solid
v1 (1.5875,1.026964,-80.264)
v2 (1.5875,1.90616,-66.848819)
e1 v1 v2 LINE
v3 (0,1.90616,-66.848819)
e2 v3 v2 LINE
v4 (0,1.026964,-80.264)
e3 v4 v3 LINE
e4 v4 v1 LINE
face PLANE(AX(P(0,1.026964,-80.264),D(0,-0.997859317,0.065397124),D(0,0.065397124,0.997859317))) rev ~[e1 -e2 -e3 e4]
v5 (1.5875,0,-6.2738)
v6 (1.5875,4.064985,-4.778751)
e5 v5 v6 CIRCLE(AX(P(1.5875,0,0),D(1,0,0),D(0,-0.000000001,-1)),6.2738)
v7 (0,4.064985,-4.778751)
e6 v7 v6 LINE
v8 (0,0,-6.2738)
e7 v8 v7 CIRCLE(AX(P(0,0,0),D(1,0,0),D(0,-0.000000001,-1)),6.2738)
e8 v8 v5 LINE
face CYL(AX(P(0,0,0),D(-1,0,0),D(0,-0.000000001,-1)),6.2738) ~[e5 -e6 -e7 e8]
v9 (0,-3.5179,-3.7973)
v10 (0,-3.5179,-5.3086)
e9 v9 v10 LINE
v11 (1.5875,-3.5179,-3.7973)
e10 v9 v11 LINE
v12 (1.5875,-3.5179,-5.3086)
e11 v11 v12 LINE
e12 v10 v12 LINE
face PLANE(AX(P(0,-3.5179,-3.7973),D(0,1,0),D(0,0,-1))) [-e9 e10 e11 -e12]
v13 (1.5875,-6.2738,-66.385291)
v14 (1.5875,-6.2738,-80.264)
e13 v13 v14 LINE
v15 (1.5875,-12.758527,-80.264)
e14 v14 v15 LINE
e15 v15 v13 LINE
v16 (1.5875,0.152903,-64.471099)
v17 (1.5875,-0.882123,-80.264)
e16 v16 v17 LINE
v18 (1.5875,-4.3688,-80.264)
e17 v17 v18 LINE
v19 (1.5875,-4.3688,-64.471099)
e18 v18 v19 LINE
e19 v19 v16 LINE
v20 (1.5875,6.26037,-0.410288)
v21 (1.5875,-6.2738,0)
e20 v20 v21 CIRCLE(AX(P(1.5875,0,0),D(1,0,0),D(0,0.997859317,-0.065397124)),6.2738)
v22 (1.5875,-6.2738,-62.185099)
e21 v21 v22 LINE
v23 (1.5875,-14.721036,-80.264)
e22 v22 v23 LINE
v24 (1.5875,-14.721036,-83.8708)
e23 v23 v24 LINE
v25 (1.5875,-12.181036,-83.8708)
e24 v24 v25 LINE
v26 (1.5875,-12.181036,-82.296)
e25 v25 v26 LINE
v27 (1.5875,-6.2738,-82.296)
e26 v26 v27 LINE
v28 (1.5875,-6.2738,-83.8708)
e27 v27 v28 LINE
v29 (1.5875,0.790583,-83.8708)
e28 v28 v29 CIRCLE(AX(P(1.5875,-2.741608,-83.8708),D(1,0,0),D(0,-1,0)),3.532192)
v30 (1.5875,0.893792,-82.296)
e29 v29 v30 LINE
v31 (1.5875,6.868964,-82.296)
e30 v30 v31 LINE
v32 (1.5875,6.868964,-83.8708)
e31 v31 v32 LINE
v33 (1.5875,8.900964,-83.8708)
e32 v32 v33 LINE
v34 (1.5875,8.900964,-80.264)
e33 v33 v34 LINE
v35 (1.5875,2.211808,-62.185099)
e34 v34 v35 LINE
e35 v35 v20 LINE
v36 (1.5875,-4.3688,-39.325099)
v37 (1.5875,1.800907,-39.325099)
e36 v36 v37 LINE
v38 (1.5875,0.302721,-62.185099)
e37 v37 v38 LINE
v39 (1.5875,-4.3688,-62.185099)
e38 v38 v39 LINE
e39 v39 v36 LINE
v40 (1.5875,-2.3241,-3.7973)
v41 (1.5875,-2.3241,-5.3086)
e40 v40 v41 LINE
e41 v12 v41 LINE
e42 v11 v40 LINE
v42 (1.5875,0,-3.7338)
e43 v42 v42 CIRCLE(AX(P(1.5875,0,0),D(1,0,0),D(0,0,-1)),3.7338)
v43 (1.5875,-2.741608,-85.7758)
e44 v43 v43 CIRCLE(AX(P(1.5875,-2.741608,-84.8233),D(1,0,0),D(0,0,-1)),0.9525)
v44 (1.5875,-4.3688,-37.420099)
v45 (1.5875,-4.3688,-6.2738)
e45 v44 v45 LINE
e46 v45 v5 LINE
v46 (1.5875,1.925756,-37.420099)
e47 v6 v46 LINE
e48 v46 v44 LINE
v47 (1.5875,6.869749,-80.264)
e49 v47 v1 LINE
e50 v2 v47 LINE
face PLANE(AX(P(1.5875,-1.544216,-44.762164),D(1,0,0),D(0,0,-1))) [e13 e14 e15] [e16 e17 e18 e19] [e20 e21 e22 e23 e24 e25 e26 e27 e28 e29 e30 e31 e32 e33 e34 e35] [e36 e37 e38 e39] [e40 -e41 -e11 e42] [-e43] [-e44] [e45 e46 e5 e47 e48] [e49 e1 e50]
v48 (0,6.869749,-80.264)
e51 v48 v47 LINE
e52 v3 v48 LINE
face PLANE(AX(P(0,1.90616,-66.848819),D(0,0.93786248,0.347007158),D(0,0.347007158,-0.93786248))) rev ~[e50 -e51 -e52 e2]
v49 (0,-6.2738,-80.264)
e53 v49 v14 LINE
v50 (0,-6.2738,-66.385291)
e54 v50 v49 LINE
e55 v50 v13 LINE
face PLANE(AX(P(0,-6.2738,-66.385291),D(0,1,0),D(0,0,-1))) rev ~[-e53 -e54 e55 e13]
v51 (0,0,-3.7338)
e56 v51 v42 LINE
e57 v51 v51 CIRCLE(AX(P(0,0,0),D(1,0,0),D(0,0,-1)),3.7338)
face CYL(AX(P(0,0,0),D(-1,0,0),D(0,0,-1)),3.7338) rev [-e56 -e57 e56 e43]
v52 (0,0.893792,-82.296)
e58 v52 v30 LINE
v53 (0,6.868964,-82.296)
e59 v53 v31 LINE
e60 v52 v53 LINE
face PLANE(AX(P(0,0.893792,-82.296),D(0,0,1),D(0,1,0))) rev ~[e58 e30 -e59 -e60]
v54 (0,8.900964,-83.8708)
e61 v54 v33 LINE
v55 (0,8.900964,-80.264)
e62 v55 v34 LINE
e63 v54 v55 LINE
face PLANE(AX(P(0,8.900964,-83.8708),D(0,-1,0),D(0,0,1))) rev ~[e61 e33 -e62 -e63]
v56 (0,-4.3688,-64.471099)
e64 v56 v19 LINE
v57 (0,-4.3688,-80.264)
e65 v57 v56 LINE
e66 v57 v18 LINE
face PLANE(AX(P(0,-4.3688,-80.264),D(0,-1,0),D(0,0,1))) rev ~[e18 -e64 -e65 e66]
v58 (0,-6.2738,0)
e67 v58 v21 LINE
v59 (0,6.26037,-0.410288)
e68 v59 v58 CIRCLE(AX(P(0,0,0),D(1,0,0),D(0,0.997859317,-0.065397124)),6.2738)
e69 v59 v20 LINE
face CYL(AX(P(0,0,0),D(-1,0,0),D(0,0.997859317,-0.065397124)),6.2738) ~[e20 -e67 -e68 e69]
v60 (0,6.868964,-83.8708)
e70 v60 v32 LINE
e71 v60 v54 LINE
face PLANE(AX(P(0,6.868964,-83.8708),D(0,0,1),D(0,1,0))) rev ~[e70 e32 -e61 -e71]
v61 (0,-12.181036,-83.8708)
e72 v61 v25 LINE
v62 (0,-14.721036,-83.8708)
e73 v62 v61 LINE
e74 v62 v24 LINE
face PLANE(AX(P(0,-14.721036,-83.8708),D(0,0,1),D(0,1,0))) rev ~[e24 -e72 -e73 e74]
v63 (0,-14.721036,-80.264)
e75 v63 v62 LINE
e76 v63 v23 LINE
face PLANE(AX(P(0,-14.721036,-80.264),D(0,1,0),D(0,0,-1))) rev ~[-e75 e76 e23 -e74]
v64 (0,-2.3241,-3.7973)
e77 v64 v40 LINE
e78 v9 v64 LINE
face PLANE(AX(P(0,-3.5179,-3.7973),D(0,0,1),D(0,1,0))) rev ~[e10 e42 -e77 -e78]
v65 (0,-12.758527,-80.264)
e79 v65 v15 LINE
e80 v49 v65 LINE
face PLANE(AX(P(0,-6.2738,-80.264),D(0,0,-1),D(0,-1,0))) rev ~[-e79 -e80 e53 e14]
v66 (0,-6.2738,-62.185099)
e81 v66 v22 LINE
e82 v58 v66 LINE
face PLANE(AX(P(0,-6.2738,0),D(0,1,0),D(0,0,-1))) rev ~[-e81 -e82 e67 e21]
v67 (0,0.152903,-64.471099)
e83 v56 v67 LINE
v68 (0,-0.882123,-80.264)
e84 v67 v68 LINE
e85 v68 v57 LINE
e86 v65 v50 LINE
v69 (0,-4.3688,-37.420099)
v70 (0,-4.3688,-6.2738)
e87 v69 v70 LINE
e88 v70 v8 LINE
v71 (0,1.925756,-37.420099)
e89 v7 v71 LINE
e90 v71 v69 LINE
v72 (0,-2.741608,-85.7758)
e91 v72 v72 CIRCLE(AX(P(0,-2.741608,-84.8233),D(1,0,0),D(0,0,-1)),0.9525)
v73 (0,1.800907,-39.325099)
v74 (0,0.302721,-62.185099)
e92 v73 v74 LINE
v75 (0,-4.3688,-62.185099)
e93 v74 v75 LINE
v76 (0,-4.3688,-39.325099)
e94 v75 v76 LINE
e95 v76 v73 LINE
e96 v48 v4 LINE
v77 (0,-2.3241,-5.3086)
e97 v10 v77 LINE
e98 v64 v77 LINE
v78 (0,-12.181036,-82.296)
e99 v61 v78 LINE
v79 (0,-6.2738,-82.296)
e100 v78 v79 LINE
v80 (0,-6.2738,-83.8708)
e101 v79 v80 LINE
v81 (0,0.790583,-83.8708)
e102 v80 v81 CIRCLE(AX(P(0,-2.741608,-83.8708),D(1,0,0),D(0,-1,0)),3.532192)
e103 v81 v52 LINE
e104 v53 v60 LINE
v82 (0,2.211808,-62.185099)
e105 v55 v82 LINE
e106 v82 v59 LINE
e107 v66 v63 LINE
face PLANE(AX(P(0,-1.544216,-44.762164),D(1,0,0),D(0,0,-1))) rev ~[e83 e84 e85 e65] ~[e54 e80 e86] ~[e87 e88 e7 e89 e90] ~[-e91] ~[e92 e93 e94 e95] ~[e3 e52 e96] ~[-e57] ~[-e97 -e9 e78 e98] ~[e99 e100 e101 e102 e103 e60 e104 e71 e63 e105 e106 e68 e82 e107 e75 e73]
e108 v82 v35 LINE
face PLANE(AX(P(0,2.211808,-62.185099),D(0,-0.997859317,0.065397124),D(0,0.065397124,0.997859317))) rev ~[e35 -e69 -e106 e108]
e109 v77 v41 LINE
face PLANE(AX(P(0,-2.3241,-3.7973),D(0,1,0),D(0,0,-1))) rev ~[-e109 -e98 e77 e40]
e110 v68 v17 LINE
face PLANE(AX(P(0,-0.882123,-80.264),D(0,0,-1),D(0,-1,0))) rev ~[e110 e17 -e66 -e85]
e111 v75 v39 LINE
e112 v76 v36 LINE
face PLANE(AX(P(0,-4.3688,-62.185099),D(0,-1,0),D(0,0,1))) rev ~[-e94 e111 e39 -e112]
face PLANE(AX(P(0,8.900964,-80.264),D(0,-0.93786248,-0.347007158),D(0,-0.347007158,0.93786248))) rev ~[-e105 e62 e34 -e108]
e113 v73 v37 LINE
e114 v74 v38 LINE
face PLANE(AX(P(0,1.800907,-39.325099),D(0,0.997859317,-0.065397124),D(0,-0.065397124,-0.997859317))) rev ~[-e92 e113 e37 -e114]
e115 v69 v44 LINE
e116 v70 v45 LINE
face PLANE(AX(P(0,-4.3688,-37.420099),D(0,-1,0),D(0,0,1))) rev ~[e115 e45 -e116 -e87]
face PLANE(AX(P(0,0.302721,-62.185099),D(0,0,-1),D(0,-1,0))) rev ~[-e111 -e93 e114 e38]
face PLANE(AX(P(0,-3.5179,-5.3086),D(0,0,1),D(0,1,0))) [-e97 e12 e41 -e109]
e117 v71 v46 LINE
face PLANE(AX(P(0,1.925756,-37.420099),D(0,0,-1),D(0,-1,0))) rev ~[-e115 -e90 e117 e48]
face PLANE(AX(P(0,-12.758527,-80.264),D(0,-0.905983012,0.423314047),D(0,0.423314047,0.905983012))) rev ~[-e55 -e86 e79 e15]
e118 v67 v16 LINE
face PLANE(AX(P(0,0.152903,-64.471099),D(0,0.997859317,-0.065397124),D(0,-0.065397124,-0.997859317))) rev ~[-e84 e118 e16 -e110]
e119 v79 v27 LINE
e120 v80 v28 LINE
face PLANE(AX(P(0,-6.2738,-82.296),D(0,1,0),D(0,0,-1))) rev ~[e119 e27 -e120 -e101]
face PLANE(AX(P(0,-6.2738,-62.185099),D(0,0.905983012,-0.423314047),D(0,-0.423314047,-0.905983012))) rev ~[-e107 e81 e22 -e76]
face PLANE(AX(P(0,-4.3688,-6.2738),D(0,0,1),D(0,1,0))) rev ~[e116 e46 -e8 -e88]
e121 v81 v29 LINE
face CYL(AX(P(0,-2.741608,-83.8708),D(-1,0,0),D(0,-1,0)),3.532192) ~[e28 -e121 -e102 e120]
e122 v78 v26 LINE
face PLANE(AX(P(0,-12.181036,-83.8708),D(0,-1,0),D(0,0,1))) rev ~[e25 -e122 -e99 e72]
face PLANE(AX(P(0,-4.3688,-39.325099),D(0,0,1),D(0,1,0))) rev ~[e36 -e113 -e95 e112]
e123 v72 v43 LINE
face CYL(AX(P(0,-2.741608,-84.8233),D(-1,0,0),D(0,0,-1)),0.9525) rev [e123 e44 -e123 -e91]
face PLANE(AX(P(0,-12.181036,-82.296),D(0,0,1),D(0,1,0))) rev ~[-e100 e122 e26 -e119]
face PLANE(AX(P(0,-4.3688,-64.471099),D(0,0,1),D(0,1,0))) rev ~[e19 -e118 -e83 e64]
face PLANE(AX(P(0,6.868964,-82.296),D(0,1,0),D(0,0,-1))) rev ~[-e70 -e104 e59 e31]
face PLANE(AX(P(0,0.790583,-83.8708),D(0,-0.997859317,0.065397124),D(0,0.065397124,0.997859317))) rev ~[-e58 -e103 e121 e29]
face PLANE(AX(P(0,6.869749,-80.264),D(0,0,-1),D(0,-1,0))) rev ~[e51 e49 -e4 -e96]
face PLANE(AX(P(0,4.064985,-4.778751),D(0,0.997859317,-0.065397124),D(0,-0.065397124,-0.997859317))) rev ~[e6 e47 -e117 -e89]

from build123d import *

# Parameters (mm, degrees)
SKETCH1_W           = 1.5113
SKETCH1_H           = 1.1938
SKETCH1_R           = 3.7338
SKETCH1_R_2         = 0.9525
BOSS_EXTRUDE1_DEPTH = 1.5875


with BuildPart() as part:
    # Sketch1 → Boss-Extrude1 (new body)
    with BuildSketch(Plane(origin=(0, 0, 0), x_dir=(0, 0, -1), z_dir=(1, 0, 0))):
        with BuildLine():
            Line((82.296, -12.181036366), (82.296, -6.2738))
            Line((82.296, -6.2738), (83.8708, -6.2738))
            ThreePointArc((83.8708, -6.2738), (87.402991636, -2.741608364), (83.8708, 0.790583272))
            Line((83.8708, 0.790583272), (82.296, 0.893791599))
            Line((82.296, 0.893791599), (82.296, 6.868963634))
            Line((82.296, 6.868963634), (83.8708, 6.868963634))
            Line((83.8708, 6.868963634), (83.8708, 8.900963634))
            Line((83.8708, 8.900963634), (80.264, 8.900963634))
            Line((80.264, 8.900963634), (62.185099246, 2.211808127))
            Line((62.185099246, 2.211808127), (0.410288477, 6.260369782))
            ThreePointArc((0.410288477, 6.260369782), (-6.270441547, 0.205254114), (0, -6.2738))
            Line((0, -6.2738), (62.185099246, -6.2738))
            Line((62.185099246, -6.2738), (80.264, -14.721036366))
            Line((80.264, -14.721036366), (83.8708, -14.721036366))
            Line((83.8708, -14.721036366), (83.8708, -12.181036366))
            Line((83.8708, -12.181036366), (82.296, -12.181036366))
        make_face()
        Polygon((39.325099246, 1.800906775), (62.185099246, 0.302721378), (62.185099246, -4.3688), (39.325099246, -4.3688), align=None, mode=Mode.SUBTRACT)
        Polygon((64.471099246, 0.152902838), (80.264, -0.882123115), (80.264, -4.3688), (64.471099246, -4.3688), align=None, mode=Mode.SUBTRACT)
        Polygon((66.3852906, -6.2738), (80.264, -6.2738), (80.264, -12.758527161), align=None, mode=Mode.SUBTRACT)
        with Locations((4.55295, -2.921)):
            Rectangle(SKETCH1_W, SKETCH1_H, mode=Mode.SUBTRACT)
        Circle(SKETCH1_R, mode=Mode.SUBTRACT)
        with BuildLine():
            Line((4.778751005, 4.064985273), (37.420099246, 1.925755558))
            Line((37.420099246, 1.925755558), (37.420099246, -4.3688))
            Line((37.420099246, -4.3688), (6.2738, -4.3688))
            Line((6.2738, -4.3688), (6.2738, 0))
            ThreePointArc((6.2738, 0), (5.888187094, 2.165599038), (4.778751005, 4.064985273))
        make_face(mode=Mode.SUBTRACT)
        Polygon((80.264, 1.026963634), (66.848818814, 1.906159984), (80.264, 6.869748995), align=None, mode=Mode.SUBTRACT)
        with Locations((84.8233, -2.741608364)):
            Circle(SKETCH1_R_2, mode=Mode.SUBTRACT)
    extrude(amount=BOSS_EXTRUDE1_DEPTH)


solid = part.part
